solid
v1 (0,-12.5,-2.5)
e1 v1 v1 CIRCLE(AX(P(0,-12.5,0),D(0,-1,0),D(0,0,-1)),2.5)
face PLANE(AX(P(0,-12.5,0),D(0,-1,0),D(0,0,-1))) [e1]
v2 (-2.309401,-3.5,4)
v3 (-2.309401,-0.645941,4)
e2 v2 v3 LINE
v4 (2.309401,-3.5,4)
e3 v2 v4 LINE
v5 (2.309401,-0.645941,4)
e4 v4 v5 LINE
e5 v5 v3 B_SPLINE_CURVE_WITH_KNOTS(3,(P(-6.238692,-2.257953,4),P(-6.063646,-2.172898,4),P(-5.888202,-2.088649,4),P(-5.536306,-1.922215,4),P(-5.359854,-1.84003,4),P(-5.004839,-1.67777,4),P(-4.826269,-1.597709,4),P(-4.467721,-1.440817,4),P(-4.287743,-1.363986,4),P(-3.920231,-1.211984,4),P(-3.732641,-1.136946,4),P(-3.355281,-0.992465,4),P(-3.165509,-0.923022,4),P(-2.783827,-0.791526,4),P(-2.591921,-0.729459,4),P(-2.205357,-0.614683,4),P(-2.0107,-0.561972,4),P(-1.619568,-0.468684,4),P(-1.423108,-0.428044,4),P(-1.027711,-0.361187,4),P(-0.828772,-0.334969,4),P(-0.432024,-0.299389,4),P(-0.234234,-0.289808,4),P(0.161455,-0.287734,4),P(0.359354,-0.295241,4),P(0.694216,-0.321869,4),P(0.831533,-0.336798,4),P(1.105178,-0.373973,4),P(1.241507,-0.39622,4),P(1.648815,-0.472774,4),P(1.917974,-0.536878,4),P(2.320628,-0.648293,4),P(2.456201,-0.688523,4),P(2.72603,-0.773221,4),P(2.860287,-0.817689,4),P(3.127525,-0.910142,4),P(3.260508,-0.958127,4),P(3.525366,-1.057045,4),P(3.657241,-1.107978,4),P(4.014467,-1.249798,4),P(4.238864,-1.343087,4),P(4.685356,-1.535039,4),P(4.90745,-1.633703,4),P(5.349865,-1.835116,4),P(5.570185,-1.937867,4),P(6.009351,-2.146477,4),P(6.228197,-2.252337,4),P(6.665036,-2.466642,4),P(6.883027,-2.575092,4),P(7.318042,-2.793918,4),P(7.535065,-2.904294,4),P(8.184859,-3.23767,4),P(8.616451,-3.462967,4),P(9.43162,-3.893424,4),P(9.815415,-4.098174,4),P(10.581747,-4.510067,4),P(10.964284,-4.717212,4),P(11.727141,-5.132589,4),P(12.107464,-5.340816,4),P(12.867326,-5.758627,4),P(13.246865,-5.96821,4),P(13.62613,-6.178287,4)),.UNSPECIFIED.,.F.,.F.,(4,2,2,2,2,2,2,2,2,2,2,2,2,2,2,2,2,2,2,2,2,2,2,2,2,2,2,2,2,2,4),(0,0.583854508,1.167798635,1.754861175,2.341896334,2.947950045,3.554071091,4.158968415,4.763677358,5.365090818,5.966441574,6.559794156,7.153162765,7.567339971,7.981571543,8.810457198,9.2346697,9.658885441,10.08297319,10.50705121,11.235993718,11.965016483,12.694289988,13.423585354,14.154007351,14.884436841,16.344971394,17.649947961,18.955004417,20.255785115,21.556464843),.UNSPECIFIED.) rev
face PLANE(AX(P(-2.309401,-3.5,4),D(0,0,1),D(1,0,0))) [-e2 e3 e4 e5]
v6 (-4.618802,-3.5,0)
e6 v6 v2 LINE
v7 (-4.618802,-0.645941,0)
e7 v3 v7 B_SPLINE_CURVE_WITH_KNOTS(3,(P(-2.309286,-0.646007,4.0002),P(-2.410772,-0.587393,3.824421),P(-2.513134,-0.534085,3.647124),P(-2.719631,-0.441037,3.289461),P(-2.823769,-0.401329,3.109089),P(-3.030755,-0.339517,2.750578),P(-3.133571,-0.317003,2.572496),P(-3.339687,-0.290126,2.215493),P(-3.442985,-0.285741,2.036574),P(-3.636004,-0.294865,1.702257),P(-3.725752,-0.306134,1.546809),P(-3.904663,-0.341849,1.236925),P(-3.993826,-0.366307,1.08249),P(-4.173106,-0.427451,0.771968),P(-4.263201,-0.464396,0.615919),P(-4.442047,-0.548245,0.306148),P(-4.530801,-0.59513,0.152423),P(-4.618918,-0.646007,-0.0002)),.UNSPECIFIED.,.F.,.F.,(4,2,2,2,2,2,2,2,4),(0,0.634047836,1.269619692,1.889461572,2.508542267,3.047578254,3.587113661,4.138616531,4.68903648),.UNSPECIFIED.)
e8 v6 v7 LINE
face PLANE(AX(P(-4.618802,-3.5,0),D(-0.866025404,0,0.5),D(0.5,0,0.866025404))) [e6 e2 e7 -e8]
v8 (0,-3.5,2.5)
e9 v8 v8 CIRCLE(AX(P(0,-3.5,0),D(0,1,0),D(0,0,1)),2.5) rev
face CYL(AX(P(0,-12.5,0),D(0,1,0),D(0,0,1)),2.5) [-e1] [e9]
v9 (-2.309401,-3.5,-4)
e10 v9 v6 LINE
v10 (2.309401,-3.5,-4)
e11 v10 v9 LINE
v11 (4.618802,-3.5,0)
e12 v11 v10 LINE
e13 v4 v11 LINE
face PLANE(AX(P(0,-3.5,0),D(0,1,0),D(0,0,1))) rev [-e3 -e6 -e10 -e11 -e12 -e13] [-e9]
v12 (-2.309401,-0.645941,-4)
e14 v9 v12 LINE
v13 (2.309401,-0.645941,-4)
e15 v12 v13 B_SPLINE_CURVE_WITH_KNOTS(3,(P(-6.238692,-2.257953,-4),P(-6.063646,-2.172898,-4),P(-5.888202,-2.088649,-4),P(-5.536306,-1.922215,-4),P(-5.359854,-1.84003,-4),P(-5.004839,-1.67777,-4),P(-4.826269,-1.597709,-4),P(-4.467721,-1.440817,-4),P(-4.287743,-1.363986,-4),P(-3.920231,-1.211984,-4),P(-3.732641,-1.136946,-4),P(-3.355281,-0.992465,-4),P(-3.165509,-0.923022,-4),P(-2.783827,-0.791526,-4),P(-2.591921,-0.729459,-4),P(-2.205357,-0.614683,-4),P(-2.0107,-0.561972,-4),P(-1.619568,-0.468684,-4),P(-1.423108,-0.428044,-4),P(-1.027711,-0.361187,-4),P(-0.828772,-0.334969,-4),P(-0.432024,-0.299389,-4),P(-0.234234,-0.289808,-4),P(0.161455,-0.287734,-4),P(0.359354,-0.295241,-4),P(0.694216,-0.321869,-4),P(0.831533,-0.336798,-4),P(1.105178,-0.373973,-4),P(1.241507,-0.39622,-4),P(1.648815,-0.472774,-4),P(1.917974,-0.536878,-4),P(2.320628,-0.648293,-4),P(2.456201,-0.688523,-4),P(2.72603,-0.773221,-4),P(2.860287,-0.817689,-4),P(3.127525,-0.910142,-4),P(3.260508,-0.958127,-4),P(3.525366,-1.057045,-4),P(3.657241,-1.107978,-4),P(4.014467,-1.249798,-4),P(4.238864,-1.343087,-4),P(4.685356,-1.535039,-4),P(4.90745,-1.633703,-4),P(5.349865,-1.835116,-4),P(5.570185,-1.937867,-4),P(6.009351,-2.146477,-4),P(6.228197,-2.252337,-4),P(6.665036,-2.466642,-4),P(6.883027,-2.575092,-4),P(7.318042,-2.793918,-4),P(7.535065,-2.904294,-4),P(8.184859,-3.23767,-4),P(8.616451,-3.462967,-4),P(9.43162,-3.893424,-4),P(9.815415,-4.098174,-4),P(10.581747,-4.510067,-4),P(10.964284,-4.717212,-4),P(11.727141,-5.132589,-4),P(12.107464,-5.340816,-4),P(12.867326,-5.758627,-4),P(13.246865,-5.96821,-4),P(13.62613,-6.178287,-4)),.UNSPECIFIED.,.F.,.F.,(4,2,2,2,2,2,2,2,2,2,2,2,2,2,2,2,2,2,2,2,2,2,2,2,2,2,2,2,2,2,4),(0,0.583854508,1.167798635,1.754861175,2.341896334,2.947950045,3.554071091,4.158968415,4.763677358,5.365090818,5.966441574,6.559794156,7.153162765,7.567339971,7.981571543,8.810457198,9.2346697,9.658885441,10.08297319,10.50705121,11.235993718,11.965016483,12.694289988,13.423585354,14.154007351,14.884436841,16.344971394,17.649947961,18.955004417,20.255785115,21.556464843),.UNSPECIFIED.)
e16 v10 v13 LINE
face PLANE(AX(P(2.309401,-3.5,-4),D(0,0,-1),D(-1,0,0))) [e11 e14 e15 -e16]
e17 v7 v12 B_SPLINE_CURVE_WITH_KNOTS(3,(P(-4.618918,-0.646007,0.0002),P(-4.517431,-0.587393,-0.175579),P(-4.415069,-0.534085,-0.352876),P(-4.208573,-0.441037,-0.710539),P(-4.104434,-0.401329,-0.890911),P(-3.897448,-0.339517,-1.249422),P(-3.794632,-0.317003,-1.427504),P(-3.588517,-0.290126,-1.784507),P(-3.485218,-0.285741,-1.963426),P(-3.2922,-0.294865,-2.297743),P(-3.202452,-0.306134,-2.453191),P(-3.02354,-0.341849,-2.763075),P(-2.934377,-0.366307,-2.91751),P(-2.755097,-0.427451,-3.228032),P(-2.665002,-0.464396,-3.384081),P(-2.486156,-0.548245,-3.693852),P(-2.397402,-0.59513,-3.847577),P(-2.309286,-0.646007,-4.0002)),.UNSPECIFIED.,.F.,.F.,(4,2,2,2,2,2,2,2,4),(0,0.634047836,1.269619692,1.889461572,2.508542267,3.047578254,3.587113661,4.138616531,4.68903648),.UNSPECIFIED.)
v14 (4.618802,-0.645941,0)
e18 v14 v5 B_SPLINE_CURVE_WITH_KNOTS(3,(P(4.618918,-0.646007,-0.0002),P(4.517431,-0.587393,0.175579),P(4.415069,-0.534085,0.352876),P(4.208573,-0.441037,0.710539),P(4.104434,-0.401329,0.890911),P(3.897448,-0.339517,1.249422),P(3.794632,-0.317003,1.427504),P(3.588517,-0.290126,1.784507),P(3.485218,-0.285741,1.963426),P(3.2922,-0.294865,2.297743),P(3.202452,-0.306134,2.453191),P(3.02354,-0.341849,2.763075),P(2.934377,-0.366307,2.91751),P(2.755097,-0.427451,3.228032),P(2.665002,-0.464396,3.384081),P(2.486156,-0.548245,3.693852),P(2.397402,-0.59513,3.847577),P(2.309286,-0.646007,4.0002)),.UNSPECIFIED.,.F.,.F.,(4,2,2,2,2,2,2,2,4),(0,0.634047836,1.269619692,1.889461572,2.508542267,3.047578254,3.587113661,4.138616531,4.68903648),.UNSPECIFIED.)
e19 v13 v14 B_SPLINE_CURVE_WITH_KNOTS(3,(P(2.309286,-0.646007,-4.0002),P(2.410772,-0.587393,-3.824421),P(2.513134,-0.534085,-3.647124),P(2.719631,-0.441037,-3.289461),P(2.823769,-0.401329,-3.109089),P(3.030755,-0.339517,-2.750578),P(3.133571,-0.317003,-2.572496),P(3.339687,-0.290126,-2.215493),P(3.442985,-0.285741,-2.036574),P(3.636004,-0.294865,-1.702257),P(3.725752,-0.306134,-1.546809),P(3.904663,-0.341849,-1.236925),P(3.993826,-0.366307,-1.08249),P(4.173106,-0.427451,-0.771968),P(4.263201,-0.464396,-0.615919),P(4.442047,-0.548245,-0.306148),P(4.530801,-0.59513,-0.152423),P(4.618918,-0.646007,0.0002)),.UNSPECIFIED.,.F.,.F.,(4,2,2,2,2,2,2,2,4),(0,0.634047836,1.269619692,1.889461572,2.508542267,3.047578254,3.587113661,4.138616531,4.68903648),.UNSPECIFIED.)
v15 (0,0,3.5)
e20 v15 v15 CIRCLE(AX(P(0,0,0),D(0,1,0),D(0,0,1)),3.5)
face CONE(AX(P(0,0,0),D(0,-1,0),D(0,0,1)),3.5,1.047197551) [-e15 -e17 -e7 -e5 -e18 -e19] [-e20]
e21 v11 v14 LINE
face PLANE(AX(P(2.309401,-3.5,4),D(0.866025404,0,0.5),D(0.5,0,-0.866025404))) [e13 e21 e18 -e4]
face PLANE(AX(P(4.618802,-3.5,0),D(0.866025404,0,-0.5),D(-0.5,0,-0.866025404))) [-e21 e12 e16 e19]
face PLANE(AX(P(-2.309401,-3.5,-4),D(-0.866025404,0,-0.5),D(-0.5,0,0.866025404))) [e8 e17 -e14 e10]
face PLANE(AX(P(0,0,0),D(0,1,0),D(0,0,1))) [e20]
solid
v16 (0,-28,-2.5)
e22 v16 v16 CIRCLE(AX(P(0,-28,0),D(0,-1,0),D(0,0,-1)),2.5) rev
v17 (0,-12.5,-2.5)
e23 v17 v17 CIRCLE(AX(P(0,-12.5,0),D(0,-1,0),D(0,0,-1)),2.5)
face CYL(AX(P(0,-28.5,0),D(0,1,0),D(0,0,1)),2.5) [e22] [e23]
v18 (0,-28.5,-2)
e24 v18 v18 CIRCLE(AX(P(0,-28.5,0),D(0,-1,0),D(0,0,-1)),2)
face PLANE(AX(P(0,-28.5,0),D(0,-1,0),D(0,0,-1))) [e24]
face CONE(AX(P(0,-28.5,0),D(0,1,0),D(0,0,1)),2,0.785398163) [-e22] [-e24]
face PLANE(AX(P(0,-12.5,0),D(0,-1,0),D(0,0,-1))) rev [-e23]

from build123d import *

# Parameters (mm, degrees)
BOSS_EXTRUDE1_DEPTH          = 3.5
SKETCH2_OUTSIDE_W            = 41.638
SKETCH2_OUTSIDE_H            = 40.4
SKETCH2_OUTSIDE_R            = 3.5
CUT_EXTRUDE1_DEPTH           = 8.041543391
CUT_EXTRUDE1_TAPER           = 60
CUT_EXTRUDE1_OTHER_WAY_DEPTH = 8.041543391
SKETCH3_R                    = 2.5
BOSS_EXTRUDE2_DEPTH          = 9
SKETCH4_R                    = 2.5
BOSS_EXTRUDE3_DEPTH          = 16
CHAMFER1_SIZE                = 0.5


with BuildPart() as part:
    # Sketch1 → Boss-Extrude1 (new body)
    with BuildSketch(Plane(origin=(0, 0, 0), x_dir=(1, 0, 0), z_dir=(0, 1, 0))):
        Polygon((-4.618802154, 0), (-2.309401077, -4), (2.309401077, -4), (4.618802154, 0), (2.309401077, 4), (-2.309401077, 4), align=None)
    extrude(amount=-BOSS_EXTRUDE1_DEPTH)

    # Sketch2 outside → Cut-Extrude1 (cut)
    with BuildSketch(Plane(origin=(0, 0, 0), x_dir=(1, 0, 0), z_dir=(0, 1, 0))):
        Rectangle(SKETCH2_OUTSIDE_W, SKETCH2_OUTSIDE_H)
        Circle(SKETCH2_OUTSIDE_R, mode=Mode.SUBTRACT)
    extrude(amount=-CUT_EXTRUDE1_DEPTH, taper=CUT_EXTRUDE1_TAPER, mode=Mode.SUBTRACT)

    # Sketch2 outside → Cut-Extrude1 other way (cut)
    with BuildSketch(Plane(origin=(0, 0, 0), x_dir=(1, 0, 0), z_dir=(0, 1, 0))):
        Rectangle(SKETCH2_OUTSIDE_W, SKETCH2_OUTSIDE_H)
        Circle(SKETCH2_OUTSIDE_R, mode=Mode.SUBTRACT)
    extrude(amount=CUT_EXTRUDE1_OTHER_WAY_DEPTH, mode=Mode.SUBTRACT)

    # Sketch3 → Boss-Extrude2 (add)
    with BuildSketch(Plane.XZ.offset(3.5)):
        with Locations(Location((0, 0, 0), (0, 0, 90))):
            Circle(SKETCH3_R)
    extrude(amount=BOSS_EXTRUDE2_DEPTH)


with BuildPart() as body_2:
    # Sketch4 → Boss-Extrude3 (new body)
    with BuildSketch(Plane.XZ.offset(12.5)):
        with Locations(Location((0, 0, 0), (0, 0, 270))):
            Circle(SKETCH4_R)
    extrude(amount=BOSS_EXTRUDE3_DEPTH)

    # Chamfer1
    chamfer1_edges = [body_2.edges().sort_by_distance(p)[0] for p in [
        (0, -28.5, 2.5),
    ]]
    chamfer(chamfer1_edges, length=CHAMFER1_SIZE)


solid = Compound([part.part, body_2.part])
